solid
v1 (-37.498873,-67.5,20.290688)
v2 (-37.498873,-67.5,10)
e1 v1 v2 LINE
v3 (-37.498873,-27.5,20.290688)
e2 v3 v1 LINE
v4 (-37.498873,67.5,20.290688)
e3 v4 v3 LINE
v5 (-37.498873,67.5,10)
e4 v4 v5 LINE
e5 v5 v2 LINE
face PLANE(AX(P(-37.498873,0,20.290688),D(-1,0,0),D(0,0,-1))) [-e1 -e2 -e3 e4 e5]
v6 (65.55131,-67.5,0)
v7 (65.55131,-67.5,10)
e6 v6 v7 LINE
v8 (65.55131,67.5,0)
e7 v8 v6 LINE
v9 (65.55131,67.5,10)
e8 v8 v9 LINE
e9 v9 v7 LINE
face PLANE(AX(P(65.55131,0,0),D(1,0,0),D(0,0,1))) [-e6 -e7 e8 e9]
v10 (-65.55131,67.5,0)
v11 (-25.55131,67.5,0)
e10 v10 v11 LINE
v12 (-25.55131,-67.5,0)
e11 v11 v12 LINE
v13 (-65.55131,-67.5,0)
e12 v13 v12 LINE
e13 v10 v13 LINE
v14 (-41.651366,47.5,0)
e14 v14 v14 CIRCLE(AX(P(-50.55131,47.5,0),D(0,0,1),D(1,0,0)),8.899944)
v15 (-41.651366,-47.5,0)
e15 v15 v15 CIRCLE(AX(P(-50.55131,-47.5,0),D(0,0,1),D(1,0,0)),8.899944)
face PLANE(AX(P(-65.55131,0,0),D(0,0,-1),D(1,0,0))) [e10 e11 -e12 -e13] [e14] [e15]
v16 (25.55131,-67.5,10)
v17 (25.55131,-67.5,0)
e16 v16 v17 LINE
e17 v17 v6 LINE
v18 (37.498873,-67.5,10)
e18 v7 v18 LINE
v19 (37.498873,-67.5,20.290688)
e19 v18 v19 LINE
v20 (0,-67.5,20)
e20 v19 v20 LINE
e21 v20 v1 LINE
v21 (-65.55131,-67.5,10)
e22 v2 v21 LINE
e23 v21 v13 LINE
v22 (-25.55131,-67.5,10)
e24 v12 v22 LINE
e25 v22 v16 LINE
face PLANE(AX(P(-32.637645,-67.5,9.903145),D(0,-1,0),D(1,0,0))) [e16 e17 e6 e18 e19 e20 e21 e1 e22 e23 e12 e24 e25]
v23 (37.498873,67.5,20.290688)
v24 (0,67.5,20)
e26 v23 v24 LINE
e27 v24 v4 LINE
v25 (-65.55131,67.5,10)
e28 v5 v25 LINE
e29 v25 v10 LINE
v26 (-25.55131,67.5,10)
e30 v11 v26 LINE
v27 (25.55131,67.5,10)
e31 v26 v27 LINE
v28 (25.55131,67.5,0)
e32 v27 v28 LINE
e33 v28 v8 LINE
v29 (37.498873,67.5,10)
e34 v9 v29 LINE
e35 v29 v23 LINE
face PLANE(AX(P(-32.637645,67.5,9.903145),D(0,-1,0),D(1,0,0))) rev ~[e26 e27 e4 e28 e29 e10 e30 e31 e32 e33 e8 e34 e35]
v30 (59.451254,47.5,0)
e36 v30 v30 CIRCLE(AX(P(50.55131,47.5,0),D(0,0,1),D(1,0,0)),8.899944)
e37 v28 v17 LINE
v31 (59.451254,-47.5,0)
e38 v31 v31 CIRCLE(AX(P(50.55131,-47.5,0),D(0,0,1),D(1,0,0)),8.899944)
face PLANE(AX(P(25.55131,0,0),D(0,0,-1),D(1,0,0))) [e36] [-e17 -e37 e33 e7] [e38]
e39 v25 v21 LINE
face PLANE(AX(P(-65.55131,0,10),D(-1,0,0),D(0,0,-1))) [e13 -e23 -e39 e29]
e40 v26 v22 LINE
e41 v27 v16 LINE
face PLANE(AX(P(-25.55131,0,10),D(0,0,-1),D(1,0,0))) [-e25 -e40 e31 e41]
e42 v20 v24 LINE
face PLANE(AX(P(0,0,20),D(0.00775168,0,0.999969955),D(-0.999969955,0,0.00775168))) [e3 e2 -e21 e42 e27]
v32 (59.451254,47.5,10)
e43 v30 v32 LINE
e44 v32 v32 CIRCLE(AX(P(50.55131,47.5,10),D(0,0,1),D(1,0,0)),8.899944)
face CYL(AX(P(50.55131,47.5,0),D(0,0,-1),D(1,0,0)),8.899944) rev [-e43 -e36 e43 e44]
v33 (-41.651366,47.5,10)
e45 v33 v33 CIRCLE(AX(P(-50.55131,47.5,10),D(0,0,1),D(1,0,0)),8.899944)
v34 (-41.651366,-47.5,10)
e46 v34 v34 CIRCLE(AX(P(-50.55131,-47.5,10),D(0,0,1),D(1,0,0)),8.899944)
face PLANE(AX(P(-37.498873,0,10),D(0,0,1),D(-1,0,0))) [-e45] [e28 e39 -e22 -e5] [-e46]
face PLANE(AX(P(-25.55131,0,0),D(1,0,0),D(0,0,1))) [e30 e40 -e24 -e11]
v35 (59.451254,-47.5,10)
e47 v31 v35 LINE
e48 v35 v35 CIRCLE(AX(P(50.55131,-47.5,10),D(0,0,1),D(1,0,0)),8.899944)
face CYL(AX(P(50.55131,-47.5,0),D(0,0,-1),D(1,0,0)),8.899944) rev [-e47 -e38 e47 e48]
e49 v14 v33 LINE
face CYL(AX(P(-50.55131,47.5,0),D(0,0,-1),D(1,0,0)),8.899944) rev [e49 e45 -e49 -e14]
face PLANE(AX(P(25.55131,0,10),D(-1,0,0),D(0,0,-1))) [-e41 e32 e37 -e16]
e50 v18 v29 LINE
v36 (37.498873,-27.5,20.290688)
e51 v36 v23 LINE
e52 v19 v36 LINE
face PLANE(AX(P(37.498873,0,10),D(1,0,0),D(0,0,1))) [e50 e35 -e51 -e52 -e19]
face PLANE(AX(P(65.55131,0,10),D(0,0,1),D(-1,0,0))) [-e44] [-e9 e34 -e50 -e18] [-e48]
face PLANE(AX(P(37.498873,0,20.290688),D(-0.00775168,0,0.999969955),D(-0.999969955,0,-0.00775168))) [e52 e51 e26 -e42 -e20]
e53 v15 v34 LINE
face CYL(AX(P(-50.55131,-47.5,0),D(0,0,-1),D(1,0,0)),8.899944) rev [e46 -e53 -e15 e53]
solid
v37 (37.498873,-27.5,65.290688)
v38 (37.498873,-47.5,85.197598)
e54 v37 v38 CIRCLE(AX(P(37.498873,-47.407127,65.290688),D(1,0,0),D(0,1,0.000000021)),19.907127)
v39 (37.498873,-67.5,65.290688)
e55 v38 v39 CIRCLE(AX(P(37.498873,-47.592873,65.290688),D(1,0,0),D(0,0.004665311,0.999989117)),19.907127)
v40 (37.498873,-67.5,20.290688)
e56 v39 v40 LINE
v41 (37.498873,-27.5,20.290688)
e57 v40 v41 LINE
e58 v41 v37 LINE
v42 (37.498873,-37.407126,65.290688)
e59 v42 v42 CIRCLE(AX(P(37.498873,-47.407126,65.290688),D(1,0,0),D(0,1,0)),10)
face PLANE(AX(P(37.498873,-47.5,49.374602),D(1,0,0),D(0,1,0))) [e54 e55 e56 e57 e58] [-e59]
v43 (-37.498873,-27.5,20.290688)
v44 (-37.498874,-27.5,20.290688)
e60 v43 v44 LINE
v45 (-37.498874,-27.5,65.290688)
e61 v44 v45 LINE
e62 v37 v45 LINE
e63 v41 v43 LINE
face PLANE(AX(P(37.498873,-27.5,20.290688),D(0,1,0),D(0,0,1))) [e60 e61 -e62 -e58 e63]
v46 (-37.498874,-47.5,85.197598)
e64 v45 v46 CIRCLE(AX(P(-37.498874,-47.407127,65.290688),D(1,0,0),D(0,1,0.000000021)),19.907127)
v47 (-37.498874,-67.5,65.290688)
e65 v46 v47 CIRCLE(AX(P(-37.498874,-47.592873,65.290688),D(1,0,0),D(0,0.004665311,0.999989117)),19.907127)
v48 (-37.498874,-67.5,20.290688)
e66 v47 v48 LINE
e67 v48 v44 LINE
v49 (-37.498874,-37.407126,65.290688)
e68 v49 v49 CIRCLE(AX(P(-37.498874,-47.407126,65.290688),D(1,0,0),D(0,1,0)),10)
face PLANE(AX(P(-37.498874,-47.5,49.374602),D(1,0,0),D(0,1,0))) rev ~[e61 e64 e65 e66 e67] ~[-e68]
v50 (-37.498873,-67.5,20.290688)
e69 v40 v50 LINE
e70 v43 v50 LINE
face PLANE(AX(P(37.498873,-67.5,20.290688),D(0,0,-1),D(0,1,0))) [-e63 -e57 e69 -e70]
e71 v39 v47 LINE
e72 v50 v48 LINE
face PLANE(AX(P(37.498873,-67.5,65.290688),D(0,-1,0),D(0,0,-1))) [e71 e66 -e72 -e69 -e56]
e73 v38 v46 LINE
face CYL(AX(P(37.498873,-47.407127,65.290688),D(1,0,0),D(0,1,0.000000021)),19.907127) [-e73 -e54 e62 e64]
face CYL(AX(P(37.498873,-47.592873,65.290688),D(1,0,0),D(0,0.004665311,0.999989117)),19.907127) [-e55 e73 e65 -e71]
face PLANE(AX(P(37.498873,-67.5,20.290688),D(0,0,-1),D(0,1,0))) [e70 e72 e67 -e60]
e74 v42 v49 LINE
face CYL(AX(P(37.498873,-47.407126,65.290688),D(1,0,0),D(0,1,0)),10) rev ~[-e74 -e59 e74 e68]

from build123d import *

# Parameters (mm, degrees)
F1_DEPTH = 67.5
F3_R     = 10
F4_DEPTH = 74.997747
F2_R     = 8.899944
F5_DEPTH = 10


with BuildPart() as f1:
    # F0 (on Front) → F1 (new body, symmetric)
    with BuildSketch(Plane.XZ):
        Polygon((0, 10), (0, 20), (-37.498873, 20.290688), (-37.498873, 10), (-65.55131, 10), (-65.55131, 0), (-25.55131, 0), (-25.55131, 10), align=None)
        Polygon((37.498873, 20.290688), (0, 20), (0, 10), (25.55131, 10), (25.55131, 0), (65.55131, 0), (65.55131, 10), (37.498873, 10), align=None)
    extrude(amount=F1_DEPTH, both=True)

    # F3 (on face) → F4 (join, through all)
    with BuildSketch(Plane.YZ.offset(37.498873)):
        with BuildLine():
            Line((-67.5, 65.290688), (-67.5, 20.290688))
            Line((-67.5, 20.290688), (-27.5, 20.290688))
            Line((-27.5, 20.290688), (-27.5, 65.290688))
            ThreePointArc((-27.5, 65.290688), (-33.363537, 79.39995), (-47.5, 85.197598))
            ThreePointArc((-47.5, 85.197598), (-61.636463, 79.39995), (-67.5, 65.290688))
        make_face()
        with Locations((-47.407126, 65.290688)):
            Circle(F3_R, mode=Mode.SUBTRACT)
    extrude(amount=-F4_DEPTH)

    # F2 (on Top) → F5 (cut)
    with BuildSketch(Plane.XY):
        with Locations((-50.55131, 47.5)):
            Circle(F2_R)
        with Locations((-50.55131, -47.5)):
            Circle(F2_R)
        with Locations((50.55131, -47.5)):
            Circle(F2_R)
        with Locations((50.55131, 47.5)):
            Circle(F2_R)
    extrude(amount=F5_DEPTH, mode=Mode.SUBTRACT)


solid = f1.part
